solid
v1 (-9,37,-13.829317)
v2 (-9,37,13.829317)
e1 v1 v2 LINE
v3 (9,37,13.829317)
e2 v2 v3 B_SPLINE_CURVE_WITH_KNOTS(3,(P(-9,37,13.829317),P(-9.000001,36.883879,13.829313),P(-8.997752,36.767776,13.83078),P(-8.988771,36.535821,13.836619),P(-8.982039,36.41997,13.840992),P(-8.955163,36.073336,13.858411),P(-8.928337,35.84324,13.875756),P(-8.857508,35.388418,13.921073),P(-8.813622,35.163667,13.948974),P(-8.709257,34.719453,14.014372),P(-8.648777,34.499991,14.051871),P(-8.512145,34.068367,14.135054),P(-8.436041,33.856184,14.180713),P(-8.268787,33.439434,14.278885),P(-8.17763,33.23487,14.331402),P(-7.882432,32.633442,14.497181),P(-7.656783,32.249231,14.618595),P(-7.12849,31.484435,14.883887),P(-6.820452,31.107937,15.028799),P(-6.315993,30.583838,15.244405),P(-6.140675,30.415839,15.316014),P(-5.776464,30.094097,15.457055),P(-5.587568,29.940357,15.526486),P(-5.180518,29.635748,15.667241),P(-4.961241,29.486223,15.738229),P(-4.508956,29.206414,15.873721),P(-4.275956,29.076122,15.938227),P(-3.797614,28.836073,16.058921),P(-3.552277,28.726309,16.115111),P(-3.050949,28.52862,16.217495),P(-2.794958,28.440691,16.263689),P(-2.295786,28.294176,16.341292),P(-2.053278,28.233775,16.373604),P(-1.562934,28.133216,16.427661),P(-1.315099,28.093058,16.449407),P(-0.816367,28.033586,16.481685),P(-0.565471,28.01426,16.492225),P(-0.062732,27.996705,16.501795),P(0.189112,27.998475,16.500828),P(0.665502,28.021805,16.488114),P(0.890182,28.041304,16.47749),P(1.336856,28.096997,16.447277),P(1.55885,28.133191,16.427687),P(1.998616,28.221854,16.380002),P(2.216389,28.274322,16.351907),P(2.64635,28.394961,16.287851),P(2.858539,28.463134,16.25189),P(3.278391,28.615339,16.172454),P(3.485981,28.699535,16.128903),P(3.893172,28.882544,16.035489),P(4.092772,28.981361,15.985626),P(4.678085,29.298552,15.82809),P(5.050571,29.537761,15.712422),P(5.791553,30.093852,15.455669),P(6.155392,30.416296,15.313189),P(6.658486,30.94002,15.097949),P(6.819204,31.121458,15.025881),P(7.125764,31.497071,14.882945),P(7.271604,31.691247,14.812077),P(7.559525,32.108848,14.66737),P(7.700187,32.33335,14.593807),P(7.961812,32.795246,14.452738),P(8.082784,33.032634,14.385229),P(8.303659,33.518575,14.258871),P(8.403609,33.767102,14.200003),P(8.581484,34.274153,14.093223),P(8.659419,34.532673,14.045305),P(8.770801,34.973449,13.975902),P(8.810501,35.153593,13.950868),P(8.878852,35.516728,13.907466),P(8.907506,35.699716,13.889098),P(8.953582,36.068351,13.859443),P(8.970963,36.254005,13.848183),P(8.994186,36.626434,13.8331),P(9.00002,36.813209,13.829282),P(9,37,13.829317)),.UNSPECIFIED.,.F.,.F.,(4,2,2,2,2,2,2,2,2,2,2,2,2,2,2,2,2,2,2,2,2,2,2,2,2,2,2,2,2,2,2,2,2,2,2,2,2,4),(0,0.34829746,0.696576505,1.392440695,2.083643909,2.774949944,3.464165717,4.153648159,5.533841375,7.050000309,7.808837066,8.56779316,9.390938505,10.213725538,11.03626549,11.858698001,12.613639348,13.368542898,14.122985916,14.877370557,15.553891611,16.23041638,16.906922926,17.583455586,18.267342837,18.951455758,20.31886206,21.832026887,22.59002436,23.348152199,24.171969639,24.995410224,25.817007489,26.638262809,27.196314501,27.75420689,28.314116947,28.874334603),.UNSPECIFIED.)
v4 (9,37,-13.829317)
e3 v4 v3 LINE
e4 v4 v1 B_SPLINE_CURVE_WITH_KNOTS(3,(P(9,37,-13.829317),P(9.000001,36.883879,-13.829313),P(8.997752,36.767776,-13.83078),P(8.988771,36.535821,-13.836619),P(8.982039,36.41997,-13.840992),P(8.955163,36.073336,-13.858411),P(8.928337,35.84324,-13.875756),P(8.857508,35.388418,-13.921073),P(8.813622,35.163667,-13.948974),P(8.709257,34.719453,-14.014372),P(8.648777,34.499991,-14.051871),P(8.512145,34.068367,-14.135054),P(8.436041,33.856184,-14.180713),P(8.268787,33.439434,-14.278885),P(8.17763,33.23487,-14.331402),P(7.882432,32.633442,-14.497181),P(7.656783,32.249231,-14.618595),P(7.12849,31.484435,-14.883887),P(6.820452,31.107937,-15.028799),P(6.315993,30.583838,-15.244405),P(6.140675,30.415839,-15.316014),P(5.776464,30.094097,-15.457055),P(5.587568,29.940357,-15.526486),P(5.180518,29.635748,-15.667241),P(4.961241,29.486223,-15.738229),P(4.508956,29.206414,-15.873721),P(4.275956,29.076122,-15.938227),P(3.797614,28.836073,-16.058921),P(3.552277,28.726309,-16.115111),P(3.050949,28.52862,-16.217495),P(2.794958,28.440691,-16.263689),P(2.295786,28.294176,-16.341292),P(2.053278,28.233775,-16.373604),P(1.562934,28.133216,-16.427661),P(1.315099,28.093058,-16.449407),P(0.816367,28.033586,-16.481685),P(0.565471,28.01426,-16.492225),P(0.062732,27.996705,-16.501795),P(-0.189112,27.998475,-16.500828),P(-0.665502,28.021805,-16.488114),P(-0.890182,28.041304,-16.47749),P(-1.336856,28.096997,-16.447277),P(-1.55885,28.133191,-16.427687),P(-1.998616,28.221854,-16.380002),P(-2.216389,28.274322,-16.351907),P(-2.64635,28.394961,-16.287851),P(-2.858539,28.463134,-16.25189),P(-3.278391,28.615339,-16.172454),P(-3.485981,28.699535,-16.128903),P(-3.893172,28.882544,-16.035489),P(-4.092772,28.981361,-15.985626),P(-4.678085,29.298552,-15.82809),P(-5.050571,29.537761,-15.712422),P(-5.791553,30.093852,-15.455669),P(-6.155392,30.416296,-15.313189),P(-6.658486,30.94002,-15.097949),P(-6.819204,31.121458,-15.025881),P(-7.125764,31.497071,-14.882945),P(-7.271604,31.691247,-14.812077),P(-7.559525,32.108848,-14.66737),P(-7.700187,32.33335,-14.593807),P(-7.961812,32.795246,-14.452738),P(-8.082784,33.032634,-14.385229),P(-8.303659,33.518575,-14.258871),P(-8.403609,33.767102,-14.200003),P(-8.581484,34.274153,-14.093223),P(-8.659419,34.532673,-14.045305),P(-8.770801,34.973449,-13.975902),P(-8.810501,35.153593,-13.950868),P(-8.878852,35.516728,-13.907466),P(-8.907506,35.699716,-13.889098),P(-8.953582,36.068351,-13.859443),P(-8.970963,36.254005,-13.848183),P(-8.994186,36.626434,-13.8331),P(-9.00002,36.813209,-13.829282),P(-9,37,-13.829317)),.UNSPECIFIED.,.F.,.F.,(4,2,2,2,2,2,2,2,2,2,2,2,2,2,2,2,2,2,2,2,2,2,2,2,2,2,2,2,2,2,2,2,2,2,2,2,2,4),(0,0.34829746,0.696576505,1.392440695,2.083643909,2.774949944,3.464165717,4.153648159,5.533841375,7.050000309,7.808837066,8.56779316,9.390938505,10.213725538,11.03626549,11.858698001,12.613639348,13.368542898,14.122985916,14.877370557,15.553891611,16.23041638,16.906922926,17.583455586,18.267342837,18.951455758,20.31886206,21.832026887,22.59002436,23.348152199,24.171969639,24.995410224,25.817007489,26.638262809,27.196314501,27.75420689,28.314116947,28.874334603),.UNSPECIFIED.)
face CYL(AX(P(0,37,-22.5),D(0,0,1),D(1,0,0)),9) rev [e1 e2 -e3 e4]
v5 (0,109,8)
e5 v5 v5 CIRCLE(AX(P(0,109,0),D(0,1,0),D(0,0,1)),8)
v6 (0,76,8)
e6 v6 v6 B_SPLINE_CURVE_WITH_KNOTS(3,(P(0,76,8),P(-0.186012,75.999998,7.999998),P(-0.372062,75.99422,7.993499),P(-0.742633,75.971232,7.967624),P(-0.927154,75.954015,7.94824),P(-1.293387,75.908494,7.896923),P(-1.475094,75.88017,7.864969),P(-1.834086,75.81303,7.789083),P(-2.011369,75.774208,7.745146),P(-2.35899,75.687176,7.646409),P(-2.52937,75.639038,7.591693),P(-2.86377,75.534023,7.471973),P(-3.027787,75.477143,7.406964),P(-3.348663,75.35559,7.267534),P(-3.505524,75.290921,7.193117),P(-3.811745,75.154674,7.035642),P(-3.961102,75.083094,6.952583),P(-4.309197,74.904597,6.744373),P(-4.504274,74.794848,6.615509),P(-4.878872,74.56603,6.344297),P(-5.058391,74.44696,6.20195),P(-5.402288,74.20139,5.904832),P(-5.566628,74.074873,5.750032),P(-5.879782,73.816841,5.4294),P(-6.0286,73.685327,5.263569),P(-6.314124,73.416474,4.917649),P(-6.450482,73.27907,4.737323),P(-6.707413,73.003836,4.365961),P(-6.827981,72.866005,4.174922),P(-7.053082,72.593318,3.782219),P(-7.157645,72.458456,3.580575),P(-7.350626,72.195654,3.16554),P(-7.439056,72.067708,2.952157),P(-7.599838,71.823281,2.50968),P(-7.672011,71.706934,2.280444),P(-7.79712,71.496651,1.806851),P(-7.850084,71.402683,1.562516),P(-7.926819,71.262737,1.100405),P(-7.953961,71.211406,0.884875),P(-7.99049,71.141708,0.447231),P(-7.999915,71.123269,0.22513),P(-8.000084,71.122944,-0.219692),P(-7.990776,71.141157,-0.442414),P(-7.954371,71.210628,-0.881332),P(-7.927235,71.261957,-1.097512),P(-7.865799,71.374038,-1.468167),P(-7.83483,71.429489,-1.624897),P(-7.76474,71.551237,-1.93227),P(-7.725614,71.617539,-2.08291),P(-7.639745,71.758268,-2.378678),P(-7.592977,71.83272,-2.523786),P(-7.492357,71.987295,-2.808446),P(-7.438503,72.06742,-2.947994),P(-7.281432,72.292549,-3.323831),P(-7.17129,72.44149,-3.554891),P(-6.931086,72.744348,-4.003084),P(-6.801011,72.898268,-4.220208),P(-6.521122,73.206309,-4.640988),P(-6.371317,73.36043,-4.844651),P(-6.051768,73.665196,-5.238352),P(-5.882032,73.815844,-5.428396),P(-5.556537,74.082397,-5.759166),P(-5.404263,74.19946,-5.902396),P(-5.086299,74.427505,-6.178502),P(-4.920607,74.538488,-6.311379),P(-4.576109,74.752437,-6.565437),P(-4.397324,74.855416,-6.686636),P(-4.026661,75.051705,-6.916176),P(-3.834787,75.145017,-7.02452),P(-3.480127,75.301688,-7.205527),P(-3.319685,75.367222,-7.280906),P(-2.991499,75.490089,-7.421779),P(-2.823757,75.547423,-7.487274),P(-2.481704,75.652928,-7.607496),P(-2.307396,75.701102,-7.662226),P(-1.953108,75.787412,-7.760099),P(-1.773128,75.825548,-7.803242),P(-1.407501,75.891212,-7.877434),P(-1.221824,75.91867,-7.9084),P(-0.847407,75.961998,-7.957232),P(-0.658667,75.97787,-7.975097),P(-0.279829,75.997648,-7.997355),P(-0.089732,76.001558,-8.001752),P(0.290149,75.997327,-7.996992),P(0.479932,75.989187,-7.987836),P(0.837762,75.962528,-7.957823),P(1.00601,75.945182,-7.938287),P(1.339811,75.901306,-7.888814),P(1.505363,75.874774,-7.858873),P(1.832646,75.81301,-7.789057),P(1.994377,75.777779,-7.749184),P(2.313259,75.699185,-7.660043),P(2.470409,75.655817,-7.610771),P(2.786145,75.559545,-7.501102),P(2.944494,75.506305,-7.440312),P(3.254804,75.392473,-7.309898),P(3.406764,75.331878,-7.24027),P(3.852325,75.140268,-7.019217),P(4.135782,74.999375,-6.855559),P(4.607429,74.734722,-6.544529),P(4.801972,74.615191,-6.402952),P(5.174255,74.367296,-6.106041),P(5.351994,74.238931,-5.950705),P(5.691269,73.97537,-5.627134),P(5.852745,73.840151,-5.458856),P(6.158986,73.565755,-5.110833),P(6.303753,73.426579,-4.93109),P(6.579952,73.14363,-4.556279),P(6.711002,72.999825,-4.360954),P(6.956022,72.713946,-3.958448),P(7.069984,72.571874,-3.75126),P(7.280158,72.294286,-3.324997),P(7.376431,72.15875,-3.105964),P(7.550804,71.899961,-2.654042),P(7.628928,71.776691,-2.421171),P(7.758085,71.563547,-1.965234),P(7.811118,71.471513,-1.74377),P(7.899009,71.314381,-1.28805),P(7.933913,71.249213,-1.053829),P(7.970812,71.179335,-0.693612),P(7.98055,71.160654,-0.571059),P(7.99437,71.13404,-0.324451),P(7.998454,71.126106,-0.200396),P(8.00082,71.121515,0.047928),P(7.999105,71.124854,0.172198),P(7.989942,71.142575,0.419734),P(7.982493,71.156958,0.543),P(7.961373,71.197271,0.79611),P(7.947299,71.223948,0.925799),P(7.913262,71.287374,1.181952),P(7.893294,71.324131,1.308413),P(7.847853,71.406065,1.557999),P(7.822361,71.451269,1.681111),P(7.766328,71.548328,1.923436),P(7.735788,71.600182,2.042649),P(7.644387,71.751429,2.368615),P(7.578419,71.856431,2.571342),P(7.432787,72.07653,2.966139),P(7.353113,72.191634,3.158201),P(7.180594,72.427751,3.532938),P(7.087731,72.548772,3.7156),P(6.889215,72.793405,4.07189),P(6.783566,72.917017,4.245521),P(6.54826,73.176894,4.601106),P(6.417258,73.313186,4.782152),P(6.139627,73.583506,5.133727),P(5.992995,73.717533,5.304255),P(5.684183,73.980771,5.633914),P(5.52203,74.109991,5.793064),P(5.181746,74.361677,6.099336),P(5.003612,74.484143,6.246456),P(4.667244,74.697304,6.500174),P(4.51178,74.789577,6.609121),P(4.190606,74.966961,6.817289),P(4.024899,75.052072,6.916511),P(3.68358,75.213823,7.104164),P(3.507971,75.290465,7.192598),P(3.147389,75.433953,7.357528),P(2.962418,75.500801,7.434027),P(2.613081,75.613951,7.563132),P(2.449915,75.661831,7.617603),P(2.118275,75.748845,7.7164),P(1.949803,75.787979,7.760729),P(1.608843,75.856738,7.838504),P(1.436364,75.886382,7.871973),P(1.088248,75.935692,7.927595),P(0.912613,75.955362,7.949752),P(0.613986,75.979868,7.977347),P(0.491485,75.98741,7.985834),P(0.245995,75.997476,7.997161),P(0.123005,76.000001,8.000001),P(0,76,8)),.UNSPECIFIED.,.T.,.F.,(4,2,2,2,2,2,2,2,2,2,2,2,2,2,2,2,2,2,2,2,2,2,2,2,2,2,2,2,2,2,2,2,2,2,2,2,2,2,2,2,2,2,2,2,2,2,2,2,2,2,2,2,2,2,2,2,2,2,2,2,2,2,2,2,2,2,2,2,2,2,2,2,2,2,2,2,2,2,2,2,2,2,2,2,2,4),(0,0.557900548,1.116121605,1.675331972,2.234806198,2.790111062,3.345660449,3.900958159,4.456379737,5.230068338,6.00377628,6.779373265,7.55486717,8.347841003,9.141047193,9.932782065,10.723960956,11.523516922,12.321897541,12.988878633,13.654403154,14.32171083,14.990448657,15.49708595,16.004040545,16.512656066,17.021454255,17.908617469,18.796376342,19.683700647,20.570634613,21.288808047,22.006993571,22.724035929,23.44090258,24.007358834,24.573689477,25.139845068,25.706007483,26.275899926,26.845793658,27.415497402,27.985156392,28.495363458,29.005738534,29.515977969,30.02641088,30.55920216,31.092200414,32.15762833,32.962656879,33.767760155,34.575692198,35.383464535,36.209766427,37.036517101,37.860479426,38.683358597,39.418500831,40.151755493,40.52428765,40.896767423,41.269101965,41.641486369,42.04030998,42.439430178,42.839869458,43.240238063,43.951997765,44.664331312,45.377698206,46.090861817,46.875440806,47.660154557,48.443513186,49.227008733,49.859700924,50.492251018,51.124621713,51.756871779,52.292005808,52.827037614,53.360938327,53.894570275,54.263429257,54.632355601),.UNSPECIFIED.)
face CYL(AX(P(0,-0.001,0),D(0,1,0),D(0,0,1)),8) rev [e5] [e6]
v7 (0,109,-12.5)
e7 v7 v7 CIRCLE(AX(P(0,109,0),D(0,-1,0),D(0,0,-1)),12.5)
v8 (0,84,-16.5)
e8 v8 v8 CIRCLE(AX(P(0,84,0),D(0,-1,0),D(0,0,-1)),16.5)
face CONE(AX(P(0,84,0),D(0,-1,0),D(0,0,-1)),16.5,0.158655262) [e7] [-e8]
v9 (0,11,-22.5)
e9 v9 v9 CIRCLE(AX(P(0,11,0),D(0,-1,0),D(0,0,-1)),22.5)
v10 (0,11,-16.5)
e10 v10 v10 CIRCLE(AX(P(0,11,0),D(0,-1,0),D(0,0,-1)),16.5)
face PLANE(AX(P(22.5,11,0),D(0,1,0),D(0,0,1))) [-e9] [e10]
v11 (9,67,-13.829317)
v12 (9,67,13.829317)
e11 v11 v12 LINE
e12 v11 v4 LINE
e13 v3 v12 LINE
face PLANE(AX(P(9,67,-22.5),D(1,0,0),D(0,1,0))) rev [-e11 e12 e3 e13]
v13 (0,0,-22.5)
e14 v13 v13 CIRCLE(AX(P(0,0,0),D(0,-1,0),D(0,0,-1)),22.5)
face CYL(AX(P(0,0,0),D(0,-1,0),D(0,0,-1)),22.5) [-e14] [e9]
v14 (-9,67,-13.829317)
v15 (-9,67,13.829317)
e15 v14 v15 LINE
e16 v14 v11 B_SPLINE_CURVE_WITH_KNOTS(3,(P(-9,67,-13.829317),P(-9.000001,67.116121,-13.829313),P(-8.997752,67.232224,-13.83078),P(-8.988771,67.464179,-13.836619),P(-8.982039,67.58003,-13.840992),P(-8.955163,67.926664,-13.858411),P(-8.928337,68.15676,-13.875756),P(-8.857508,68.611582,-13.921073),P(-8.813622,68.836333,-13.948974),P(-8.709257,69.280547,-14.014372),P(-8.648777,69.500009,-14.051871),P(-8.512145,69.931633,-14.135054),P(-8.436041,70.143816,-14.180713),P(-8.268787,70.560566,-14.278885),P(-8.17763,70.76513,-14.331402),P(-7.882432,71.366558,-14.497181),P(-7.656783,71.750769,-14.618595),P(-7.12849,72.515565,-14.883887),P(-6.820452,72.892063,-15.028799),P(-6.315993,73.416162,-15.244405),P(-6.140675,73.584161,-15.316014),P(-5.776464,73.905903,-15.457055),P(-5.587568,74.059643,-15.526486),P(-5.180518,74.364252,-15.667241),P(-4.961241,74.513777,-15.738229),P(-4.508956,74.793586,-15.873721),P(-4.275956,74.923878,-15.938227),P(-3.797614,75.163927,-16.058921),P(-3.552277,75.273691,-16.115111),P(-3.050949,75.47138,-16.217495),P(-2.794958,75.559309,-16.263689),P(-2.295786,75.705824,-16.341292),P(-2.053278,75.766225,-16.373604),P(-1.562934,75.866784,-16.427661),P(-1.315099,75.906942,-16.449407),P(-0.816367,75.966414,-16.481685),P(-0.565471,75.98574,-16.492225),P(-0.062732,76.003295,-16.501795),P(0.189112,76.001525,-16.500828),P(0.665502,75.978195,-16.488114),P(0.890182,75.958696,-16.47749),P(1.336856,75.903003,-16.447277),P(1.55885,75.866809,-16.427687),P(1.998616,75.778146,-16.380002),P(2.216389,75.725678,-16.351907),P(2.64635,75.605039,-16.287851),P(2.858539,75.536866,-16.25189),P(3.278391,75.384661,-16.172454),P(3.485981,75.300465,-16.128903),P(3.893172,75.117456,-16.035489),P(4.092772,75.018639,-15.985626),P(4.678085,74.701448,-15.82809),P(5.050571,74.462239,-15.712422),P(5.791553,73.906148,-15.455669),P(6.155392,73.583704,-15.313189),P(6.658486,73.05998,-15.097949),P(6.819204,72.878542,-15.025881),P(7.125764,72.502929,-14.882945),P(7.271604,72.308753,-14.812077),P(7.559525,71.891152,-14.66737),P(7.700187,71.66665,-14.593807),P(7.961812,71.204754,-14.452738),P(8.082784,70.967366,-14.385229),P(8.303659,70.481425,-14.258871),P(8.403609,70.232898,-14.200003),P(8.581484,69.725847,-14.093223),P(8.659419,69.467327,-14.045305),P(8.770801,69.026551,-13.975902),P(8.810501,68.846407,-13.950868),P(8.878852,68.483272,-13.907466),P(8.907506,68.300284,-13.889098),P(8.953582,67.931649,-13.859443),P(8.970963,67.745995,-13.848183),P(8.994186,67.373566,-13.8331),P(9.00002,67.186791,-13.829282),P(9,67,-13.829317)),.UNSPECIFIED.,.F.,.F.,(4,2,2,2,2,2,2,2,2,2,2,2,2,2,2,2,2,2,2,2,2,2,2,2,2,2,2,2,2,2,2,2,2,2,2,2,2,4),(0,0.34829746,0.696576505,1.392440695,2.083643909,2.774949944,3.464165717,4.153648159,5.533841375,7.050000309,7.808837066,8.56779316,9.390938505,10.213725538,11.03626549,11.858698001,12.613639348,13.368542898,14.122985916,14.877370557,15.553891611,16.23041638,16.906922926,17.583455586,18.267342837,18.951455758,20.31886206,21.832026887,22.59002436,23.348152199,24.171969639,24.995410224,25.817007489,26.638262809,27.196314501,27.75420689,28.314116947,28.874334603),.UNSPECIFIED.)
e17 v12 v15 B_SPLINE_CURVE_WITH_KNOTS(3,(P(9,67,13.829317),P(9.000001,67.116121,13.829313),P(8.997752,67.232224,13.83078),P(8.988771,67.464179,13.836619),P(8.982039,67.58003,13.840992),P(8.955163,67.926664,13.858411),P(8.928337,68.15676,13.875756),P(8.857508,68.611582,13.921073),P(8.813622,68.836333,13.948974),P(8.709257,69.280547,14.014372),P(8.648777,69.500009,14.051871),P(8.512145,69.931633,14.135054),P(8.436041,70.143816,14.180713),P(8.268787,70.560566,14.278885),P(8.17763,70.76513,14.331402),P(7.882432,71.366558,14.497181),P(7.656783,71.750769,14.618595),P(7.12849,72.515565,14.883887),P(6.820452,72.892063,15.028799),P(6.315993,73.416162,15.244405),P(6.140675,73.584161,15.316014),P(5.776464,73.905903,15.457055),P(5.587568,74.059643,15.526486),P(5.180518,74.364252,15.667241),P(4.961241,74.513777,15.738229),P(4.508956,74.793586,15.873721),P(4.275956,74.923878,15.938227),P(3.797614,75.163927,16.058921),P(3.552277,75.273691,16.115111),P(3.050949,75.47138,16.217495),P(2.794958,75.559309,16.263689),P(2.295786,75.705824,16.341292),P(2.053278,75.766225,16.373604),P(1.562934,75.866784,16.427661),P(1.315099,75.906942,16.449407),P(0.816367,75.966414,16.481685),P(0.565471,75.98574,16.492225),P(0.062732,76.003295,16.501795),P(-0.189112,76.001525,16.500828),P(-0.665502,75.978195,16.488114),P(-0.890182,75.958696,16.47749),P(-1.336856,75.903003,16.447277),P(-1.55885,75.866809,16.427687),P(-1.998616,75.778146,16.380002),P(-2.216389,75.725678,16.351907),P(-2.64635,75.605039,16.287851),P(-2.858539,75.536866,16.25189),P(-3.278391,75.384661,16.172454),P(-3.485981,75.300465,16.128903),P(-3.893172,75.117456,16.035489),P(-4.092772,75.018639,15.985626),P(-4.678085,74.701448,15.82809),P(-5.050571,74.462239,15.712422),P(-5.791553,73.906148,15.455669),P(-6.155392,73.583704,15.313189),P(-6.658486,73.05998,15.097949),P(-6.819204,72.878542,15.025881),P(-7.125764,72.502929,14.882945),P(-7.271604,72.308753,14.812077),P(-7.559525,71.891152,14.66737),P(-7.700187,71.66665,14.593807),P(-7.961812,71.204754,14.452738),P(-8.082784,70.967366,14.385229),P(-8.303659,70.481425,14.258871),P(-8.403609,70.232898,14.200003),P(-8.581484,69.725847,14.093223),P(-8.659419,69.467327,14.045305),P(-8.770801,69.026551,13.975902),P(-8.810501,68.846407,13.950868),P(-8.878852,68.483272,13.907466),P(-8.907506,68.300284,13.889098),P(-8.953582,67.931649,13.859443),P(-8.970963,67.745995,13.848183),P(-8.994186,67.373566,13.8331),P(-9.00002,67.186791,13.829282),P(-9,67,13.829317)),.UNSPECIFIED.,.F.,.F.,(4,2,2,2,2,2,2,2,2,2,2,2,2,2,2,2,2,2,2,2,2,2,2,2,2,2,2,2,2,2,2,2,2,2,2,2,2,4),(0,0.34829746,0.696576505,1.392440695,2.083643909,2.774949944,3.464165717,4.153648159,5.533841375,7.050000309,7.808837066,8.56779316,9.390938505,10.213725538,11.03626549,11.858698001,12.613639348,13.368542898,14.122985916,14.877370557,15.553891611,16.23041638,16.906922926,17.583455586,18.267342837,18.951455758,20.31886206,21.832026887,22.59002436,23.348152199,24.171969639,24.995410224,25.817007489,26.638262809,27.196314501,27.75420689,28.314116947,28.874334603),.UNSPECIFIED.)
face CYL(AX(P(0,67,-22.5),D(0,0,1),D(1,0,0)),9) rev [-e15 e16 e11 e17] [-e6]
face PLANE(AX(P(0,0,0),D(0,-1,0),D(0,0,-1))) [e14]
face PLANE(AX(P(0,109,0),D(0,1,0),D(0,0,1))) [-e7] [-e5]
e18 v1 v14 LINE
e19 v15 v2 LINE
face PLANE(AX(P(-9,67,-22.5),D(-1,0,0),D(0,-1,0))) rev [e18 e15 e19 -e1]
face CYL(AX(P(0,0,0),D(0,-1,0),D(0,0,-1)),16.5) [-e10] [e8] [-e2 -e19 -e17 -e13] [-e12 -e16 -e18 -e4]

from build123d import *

# Parameters (mm, degrees)
CUT_EXTRUDE1_DEPTH      = 23.5
CUT_EXTRUDE1_DEPTH_BACK = 23.5
CUT_EXTRUDE2_REACH      = 111
SKETCH3_R               = 8


with BuildPart() as part:
    # Sketch1 → Revolve1 (revolve)
    with BuildSketch(Plane.XY):
        Polygon((0, 0), (22.5, 0), (22.5, 11), (16.5, 11), (16.5, 84), (12.5, 109), (0, 109), align=None)
    revolve(axis=Axis((0, 0, 0), (0, 1, 0)))

    # Sketch2 → Cut-Extrude1 (cut, two sides)
    with BuildSketch(Plane.XY) as cut_extrude1_sk:
        with BuildLine():
            Line((9, 67), (9, 37))
            ThreePointArc((9, 37), (0, 28), (-9, 37))
            Line((-9, 37), (-9, 67))
            ThreePointArc((-9, 67), (0, 76), (9, 67))
        make_face()
    extrude(amount=CUT_EXTRUDE1_DEPTH, mode=Mode.SUBTRACT)
    extrude(cut_extrude1_sk.sketch, amount=-CUT_EXTRUDE1_DEPTH_BACK, mode=Mode.SUBTRACT)

    # Sketch3 → Cut-Extrude2 (cut, up to next)
    with BuildSketch(Plane(origin=(0, 109, 0), x_dir=(1, 0, 0), z_dir=(0, 1, 0)), mode=Mode.PRIVATE) as cut_extrude2_sk1:
        Circle(SKETCH3_R)
    cut_extrude2_tool1 = extrude(cut_extrude2_sk1.sketch, amount=-CUT_EXTRUDE2_REACH, mode=Mode.PRIVATE) & part.part
    add(cut_extrude2_tool1.solids().sort_by_distance((0, 109, 0))[0], mode=Mode.SUBTRACT)


solid = part.part
